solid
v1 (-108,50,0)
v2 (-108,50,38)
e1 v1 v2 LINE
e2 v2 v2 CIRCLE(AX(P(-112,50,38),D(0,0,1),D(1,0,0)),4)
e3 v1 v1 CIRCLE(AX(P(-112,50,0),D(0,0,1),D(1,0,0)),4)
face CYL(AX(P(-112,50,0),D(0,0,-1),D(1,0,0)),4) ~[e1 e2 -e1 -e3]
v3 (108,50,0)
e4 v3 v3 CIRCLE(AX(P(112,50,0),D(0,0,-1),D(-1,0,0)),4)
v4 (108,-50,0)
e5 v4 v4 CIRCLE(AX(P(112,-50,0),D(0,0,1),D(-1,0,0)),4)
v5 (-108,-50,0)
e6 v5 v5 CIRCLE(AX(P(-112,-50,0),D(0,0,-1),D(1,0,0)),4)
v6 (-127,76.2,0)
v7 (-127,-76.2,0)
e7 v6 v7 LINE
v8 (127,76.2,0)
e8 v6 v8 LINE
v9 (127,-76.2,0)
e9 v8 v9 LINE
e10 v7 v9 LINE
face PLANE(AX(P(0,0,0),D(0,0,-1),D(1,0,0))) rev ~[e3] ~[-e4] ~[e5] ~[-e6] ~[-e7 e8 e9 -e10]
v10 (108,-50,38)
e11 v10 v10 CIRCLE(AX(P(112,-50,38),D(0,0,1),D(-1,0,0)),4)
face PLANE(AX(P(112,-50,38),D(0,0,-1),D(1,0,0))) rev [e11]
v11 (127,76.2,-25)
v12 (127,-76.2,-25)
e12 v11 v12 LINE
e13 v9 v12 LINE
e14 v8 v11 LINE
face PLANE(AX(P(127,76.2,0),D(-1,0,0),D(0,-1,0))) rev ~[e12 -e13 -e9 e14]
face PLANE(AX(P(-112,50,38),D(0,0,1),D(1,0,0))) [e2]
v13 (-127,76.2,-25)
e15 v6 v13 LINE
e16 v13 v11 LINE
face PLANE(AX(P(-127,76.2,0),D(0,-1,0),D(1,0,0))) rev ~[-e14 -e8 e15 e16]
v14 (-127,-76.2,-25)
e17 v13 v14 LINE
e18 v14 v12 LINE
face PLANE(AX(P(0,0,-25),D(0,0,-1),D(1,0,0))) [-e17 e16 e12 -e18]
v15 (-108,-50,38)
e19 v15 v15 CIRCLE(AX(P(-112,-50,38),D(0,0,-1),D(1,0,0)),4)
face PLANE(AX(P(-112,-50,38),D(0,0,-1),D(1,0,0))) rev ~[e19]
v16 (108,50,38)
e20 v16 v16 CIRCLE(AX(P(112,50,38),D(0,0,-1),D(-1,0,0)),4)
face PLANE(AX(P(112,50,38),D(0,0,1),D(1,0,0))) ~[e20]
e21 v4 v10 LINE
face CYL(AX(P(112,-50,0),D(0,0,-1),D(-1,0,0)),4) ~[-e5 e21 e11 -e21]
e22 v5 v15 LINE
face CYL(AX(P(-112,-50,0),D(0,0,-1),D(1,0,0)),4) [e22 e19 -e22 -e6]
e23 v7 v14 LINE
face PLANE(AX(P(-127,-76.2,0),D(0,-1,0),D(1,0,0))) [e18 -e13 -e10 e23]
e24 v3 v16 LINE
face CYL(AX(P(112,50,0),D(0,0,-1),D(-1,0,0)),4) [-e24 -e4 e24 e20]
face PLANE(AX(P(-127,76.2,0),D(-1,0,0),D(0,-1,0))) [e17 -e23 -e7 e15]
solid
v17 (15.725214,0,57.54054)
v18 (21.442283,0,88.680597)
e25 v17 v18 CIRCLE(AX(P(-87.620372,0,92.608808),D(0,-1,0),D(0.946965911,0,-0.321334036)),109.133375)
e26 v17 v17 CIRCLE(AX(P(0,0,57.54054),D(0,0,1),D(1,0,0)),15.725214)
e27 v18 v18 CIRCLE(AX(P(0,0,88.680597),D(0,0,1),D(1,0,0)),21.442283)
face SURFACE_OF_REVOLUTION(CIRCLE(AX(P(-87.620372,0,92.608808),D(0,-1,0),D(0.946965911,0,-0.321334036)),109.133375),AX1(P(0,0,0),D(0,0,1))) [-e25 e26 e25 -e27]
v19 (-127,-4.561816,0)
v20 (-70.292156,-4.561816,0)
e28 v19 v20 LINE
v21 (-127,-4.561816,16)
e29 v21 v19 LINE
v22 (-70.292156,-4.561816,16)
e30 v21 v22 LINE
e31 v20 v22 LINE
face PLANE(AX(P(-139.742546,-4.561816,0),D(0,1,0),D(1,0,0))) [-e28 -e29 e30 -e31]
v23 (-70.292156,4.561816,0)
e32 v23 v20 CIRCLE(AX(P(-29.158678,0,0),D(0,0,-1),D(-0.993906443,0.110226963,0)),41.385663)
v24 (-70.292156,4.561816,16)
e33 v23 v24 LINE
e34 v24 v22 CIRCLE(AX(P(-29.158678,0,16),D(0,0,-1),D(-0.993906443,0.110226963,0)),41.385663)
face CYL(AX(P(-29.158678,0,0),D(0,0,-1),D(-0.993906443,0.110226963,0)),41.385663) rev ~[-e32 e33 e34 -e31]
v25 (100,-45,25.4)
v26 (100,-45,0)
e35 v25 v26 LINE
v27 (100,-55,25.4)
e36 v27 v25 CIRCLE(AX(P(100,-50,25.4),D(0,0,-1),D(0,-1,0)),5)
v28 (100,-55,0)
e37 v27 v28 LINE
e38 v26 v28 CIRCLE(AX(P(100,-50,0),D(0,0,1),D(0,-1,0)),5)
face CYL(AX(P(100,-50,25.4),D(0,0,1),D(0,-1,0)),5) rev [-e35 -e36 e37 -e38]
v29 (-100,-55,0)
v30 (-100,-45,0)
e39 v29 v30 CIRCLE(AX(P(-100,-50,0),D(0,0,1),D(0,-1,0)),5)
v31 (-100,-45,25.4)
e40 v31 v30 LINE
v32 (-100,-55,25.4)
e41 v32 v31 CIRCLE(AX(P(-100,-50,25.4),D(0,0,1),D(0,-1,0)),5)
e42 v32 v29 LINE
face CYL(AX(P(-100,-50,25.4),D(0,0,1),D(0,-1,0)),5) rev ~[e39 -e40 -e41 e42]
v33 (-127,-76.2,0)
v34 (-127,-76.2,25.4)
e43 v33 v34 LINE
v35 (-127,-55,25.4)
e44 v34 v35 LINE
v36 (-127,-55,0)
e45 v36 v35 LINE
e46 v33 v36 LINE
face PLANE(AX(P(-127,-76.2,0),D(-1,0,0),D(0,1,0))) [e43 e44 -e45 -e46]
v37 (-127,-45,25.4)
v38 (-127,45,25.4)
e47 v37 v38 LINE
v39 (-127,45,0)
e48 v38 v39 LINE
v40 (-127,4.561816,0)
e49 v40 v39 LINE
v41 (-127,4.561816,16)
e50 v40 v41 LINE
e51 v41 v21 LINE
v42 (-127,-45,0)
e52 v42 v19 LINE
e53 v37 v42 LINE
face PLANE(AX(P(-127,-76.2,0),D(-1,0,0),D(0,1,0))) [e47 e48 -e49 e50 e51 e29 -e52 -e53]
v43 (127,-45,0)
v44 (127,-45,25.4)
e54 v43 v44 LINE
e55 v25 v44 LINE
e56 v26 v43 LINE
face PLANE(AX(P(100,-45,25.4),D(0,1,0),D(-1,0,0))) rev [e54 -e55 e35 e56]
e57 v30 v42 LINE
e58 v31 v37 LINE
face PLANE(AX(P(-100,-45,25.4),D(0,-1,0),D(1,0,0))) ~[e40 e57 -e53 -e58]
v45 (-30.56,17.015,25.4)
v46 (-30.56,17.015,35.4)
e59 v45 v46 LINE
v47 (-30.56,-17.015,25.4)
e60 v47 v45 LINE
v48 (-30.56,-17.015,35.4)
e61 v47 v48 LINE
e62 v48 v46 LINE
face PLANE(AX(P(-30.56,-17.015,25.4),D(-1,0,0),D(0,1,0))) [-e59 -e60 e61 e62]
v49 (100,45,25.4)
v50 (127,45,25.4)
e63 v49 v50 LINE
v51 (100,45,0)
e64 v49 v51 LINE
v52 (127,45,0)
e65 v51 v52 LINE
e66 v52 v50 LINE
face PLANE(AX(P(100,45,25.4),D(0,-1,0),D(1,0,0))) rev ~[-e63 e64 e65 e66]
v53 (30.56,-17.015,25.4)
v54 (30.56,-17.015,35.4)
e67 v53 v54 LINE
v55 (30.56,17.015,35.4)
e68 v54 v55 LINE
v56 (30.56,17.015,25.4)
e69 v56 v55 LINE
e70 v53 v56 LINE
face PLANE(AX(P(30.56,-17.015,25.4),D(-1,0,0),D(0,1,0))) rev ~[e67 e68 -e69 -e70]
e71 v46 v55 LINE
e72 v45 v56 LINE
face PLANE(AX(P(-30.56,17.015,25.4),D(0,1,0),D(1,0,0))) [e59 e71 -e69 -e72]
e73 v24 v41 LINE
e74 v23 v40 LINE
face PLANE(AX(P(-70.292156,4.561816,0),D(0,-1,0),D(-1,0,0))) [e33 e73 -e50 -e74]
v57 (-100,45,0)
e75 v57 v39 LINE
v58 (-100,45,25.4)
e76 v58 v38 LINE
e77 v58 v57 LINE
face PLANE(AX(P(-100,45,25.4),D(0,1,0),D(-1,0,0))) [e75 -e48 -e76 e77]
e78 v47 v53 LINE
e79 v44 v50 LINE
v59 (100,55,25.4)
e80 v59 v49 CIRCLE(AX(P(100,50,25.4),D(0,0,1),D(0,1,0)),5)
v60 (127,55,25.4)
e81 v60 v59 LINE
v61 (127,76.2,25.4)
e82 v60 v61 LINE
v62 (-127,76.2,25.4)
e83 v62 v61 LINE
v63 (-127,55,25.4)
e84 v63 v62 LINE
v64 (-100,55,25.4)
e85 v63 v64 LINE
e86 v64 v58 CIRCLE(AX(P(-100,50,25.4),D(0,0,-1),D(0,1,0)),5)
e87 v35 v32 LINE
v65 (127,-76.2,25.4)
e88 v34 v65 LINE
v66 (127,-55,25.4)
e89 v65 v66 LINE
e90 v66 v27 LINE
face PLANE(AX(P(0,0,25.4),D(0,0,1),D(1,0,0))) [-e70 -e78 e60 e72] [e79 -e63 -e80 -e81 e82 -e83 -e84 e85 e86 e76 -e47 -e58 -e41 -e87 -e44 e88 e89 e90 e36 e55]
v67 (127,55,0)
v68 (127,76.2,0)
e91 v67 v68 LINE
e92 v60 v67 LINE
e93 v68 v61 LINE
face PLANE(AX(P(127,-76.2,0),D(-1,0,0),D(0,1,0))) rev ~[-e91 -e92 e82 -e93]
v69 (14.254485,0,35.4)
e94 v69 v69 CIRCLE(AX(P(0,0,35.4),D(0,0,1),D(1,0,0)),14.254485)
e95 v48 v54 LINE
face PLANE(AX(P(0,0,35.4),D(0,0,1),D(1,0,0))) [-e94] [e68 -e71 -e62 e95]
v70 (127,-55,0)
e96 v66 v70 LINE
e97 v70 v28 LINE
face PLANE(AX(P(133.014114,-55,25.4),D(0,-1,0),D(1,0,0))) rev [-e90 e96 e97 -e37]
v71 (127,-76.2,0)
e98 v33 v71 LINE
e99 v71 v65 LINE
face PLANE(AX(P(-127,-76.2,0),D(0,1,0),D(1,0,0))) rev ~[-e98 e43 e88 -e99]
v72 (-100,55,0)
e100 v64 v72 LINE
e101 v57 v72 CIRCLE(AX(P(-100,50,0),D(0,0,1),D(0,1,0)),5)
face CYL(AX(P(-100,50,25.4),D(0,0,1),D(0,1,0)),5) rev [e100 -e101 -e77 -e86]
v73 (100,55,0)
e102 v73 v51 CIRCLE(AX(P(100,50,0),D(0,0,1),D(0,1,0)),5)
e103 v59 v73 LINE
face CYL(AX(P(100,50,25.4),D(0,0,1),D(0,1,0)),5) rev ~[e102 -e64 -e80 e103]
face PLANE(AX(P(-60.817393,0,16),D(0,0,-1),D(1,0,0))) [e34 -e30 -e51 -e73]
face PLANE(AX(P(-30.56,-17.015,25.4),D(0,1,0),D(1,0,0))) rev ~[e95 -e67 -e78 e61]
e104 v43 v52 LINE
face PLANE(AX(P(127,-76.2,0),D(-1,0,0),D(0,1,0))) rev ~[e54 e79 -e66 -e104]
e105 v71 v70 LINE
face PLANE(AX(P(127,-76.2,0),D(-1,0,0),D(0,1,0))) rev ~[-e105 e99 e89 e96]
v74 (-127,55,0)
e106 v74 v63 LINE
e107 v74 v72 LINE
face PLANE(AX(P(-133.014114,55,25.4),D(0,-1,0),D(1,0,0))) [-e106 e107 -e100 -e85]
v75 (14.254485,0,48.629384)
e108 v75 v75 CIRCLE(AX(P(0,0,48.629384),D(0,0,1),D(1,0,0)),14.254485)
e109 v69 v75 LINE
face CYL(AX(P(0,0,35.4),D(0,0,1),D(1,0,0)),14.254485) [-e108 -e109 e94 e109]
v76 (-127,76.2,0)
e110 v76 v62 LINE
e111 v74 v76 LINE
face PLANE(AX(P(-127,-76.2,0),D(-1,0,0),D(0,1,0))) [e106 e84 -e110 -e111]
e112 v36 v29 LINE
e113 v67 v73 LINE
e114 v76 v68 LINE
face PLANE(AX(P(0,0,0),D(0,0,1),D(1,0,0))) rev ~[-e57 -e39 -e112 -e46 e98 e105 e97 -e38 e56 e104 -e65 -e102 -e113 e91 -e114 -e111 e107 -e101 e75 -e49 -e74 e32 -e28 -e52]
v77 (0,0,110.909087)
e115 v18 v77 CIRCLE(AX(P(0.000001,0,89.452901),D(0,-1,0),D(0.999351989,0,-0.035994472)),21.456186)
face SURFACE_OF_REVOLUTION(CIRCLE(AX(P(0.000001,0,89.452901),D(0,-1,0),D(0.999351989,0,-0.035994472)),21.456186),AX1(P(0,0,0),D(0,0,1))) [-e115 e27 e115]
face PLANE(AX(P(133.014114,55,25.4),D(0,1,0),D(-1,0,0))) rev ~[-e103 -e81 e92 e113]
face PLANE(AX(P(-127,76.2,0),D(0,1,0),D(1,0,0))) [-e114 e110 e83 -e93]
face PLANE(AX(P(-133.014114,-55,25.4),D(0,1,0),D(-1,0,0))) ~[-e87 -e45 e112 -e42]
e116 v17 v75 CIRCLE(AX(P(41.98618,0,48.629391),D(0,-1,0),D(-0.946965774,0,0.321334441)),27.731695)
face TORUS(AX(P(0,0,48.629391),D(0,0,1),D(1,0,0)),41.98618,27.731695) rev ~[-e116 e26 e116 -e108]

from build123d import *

# Parameters (mm, degrees)
SKETCH_W                   = 254
SKETCH_H                   = 152.4
PAD_DEPTH                  = 25.4
POCKET_DEPTH               = 619.999755
POCKET_MIRRORED_2_DEPTH    = 619.999755
SKETCH002_W                = 61.12
SKETCH002_H                = 34.03
PAD001_DEPTH               = 10
POCKET001_DEPTH            = 16
SKETCH005_W                = 254
SKETCH005_H                = 152.4
PAD002_DEPTH               = 25
SKETCH007_R                = 4
PAD003_DEPTH               = 38
SKETCH007_MIRRORED002_2_R  = 4
PAD003_MIRRORED002_2_DEPTH = 38


with BuildPart() as body:
    # Sketch → Pad (new body)
    with BuildSketch(Plane.XY):
        Rectangle(SKETCH_W, SKETCH_H)
    extrude(amount=PAD_DEPTH)

    # Sketch001 (on Face6 of Pad) → Pocket (cut, through all)
    with BuildSketch(Plane.XY.offset(25.4)):
        with BuildLine():
            Line((133.014114, 55), (100, 55))
            ThreePointArc((100, 55), (95, 50), (100, 45))
            Line((100, 45), (133.014114, 45))
            Line((133.014114, 45), (133.014114, 55))
        make_face()
    pocket = extrude(amount=-POCKET_DEPTH, mode=Mode.SUBTRACT)

    # Sketch001 Mirrored 2 → Pocket Mirrored 2 (cut, through all)
    with BuildSketch(Plane(origin=(0, 0, 25.4), x_dir=(-1, 0, 0), z_dir=(0, 0, -1))):
        with BuildLine():
            Line((133.014114, 55), (100, 55))
            ThreePointArc((100, 55), (95, 50), (100, 45))
            Line((100, 45), (133.014114, 45))
            Line((133.014114, 45), (133.014114, 55))
        make_face()
    pocket_mirrored_2 = extrude(amount=POCKET_MIRRORED_2_DEPTH, mode=Mode.SUBTRACT)

    # Mirrored001: Pocket, Pocket Mirrored 2 across XZ
    add(pocket.mirror(Plane.XZ), mode=Mode.SUBTRACT)
    add(pocket_mirrored_2.mirror(Plane.XZ), mode=Mode.SUBTRACT)

    # Sketch002 (on Face5 of MultiTransform) → Pad001 (join)
    with BuildSketch(Plane.XY.offset(25.4)):
        Rectangle(SKETCH002_W, SKETCH002_H)
    extrude(amount=PAD001_DEPTH)

    # Sketch003 → Revolution (revolve)
    with BuildSketch(Plane.XZ):
        with BuildLine():
            Line((0, 35.4), (14.254485, 35.4))
            Line((14.254485, 35.4), (14.254485, 48.629384))
            ThreePointArc((15.725214, 57.54054), (14.624637, 53.145238), (14.254485, 48.629384))
            ThreePointArc((15.725214, 57.54054), (19.719001, 72.902145), (21.442283, 88.680597))
            ThreePointArc((21.442283, 88.680597), (15.442452, 104.349163), (0, 110.909087))
            Line((0, 110.909087), (0, 35.4))
        make_face()
    revolve(axis=Axis((0, 0, 0), (0, 0, 1)))

    # Sketch004 (on Face4 of Revolution) → Pocket001 (cut)
    with BuildSketch(Plane(origin=(0, 0, 0), x_dir=(1, 0, 0), z_dir=(0, 0, -1))):
        with BuildLine():
            ThreePointArc((-70.292156, -4.561816), (12.226985, 0), (-70.292156, 4.561816))
            Line((-139.742546, 4.561816), (-70.292156, 4.561816))
            Line((-139.742546, -4.561816), (-139.742546, 4.561816))
            Line((-70.292156, -4.561816), (-139.742546, -4.561816))
        make_face()
    extrude(amount=-POCKET001_DEPTH, mode=Mode.SUBTRACT)


with BuildPart() as body001:
    # Sketch005 (on Face1 of ShapeBinder) → Pad002 (new body)
    with BuildSketch(Plane(origin=(0, 0, 0), x_dir=(1, 0, 0), z_dir=(0, 0, -1))):
        Rectangle(SKETCH005_W, SKETCH005_H)
    extrude(amount=PAD002_DEPTH)

    # Sketch007 (on Face5 of Pad002) → Pad003 (join)
    with BuildSketch(Plane.XY):
        with Locations((-112, 50)):
            Circle(SKETCH007_R)
    pad003 = extrude(amount=PAD003_DEPTH)

    # Sketch007 Mirrored002 2 → Pad003 Mirrored002 2 (add)
    with BuildSketch(Plane(origin=(0, 0, 0), x_dir=(1, 0, 0), z_dir=(0, 0, -1))):
        with Locations((-112, 50)):
            Circle(SKETCH007_MIRRORED002_2_R)
    pad003_mirrored002_2 = extrude(amount=-PAD003_MIRRORED002_2_DEPTH)

    # Mirrored003: Pad003, Pad003 Mirrored002 2 across YZ
    add(pad003.mirror(Plane.YZ))
    add(pad003_mirrored002_2.mirror(Plane.YZ))


solid = Compound([body.part, body001.part])
